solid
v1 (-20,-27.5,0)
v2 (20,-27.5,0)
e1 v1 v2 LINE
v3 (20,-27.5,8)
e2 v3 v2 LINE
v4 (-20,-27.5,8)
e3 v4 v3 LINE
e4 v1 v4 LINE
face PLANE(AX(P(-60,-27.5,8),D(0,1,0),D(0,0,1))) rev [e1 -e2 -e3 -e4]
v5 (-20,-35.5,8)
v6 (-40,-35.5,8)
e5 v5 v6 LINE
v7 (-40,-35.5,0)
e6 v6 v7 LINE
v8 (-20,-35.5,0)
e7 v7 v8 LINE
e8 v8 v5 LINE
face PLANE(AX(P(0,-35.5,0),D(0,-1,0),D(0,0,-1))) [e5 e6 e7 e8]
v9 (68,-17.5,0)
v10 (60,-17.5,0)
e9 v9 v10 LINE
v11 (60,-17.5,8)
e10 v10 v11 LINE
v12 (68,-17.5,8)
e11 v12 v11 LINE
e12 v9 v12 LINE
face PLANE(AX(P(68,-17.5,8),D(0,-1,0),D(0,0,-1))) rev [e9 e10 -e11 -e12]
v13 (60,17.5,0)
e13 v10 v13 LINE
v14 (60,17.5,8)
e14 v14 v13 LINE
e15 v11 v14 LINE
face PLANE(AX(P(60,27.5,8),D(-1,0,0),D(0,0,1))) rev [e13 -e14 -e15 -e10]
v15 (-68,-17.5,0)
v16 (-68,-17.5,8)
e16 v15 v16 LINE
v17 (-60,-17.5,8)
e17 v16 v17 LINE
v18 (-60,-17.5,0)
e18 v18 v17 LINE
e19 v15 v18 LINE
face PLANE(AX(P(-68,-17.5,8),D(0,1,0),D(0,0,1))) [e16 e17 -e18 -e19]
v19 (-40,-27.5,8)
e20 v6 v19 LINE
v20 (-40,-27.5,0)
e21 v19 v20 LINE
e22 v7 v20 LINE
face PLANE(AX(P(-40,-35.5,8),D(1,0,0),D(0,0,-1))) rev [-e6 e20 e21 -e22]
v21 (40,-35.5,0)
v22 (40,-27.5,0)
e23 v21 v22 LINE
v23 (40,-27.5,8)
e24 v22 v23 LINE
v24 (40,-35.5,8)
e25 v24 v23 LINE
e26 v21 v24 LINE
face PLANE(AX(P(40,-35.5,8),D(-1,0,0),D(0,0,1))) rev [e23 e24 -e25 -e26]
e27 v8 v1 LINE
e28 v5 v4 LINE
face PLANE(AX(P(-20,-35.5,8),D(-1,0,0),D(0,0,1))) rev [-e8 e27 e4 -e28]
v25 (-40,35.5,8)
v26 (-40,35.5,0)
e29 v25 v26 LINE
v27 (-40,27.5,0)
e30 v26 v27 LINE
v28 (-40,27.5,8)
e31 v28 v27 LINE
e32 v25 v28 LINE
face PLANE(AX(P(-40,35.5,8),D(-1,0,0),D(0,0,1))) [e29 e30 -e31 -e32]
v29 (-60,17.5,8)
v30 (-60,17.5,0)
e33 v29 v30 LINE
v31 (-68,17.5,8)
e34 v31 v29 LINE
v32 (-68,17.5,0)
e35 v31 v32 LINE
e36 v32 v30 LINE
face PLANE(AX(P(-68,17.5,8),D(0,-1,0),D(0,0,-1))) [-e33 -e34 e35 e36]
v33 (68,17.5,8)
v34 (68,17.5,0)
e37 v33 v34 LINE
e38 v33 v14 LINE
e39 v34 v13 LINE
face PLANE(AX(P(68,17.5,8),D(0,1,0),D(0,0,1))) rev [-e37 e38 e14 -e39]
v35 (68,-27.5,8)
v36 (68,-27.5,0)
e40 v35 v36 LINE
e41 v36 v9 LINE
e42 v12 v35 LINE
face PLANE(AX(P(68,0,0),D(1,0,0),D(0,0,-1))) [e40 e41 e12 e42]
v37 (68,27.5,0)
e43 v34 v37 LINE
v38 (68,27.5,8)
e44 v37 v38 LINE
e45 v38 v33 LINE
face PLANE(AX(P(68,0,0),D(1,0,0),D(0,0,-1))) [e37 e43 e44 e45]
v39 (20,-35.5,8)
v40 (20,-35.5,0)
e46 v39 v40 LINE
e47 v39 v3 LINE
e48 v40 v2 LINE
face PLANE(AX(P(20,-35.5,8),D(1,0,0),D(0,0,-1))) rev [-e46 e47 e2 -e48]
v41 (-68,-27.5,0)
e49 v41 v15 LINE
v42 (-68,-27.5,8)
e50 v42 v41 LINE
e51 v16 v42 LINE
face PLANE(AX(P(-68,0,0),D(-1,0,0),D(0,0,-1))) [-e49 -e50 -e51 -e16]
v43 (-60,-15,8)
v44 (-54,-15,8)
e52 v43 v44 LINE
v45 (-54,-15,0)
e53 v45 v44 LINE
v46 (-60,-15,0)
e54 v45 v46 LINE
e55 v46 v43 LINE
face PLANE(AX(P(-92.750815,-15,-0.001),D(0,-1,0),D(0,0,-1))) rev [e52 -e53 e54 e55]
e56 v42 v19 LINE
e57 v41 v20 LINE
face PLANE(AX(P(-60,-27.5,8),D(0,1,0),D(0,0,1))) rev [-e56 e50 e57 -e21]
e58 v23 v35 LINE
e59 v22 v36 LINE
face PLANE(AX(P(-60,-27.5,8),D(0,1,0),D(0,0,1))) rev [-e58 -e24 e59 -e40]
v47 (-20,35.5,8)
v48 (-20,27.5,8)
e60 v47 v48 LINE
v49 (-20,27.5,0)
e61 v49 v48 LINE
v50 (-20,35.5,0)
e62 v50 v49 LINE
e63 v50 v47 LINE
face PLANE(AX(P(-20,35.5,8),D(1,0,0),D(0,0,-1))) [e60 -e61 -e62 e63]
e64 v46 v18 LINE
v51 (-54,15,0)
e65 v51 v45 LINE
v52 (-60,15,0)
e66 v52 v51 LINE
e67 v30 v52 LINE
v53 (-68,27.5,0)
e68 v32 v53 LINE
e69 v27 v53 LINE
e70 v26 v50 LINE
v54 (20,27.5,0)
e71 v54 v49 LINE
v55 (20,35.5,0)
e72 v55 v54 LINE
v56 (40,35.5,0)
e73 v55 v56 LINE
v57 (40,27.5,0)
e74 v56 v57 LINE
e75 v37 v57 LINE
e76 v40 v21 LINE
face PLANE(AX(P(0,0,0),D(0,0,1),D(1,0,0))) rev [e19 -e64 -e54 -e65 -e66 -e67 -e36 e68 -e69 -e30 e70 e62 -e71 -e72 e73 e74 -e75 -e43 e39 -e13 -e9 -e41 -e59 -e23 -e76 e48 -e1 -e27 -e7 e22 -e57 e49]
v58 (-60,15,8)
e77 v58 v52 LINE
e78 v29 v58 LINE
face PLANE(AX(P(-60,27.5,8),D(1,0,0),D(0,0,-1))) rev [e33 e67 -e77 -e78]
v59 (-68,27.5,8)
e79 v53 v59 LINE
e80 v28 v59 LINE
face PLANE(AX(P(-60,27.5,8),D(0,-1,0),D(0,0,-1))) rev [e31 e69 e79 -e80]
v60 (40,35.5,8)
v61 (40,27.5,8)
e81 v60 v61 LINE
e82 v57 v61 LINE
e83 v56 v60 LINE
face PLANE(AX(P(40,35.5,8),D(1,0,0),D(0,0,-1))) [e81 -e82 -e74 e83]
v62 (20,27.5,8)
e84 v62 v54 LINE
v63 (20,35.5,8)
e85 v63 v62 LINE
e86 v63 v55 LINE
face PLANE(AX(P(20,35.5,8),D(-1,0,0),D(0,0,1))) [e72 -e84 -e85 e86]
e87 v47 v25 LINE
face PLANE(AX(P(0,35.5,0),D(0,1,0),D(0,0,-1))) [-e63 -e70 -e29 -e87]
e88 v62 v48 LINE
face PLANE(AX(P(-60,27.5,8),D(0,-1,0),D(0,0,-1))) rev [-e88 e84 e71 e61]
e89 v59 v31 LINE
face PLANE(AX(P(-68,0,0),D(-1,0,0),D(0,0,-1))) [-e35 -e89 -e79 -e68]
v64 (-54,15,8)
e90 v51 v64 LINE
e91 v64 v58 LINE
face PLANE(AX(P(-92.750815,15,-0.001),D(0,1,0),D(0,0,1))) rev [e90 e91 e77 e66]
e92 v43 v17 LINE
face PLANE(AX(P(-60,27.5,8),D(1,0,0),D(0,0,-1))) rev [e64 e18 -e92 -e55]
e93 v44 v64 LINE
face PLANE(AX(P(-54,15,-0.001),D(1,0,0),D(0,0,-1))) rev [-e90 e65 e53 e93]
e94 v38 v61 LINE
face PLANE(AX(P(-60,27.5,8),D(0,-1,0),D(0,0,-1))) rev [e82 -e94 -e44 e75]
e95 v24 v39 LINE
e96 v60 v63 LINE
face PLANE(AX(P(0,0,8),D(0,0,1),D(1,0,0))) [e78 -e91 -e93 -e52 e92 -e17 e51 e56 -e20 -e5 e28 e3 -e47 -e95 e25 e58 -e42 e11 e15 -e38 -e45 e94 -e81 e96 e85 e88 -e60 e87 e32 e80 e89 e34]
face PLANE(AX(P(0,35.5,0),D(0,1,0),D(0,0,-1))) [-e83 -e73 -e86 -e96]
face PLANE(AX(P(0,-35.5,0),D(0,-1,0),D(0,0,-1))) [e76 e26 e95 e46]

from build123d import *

# Parameters (mm, degrees)
SKETCH1_W           = 120
SKETCH1_H           = 55
BOSS_EXTRUDE1_DEPTH = 8
CUT_EXTRUDE1_REACH  = 68.485
SKETCH2_W           = 38.750815327
SKETCH2_H           = 30
SKETCH4_W           = 8
SKETCH4_H           = 10
BOSS_EXTRUDE3_DEPTH = 8
SKETCH6_W           = 20
SKETCH6_H           = 8
BOSS_EXTRUDE4_DEPTH = 8


with BuildPart() as part:
    # Sketch1 → Boss-Extrude1 (new body)
    with BuildSketch(Plane.XY):
        Rectangle(SKETCH1_W, SKETCH1_H)
    extrude(amount=BOSS_EXTRUDE1_DEPTH)

    # Sketch2 → Cut-Extrude1 (cut, up to next)
    with BuildSketch(Plane.XY.offset(8), mode=Mode.PRIVATE) as cut_extrude1_sk1:
        with Locations((-73.375407663, 0)):
            Rectangle(SKETCH2_W, SKETCH2_H)
    cut_extrude1_tool1 = extrude(cut_extrude1_sk1.sketch, amount=-CUT_EXTRUDE1_REACH, mode=Mode.PRIVATE) & part.part
    add(cut_extrude1_tool1.solids().sort_by_distance((-73.375408, 0, 8))[0], mode=Mode.SUBTRACT)

    # Sketch4 → Boss-Extrude3 (add)
    with BuildSketch(Plane(origin=(60, 0, 0), x_dir=(0, 0, -1), z_dir=(1, 0, 0))):
        with Locations((-4, 22.5)):
            Rectangle(SKETCH4_W, SKETCH4_H)
        with Locations((-4, -22.5)):
            Rectangle(SKETCH4_W, SKETCH4_H)
    boss_extrude3 = extrude(amount=BOSS_EXTRUDE3_DEPTH)

    # Sketch6 → Boss-Extrude4 (add)
    with BuildSketch(Plane.XZ.offset(27.5)):
        with Locations((-30, 4)):
            Rectangle(SKETCH6_W, SKETCH6_H)
        with Locations((30, 4)):
            Rectangle(SKETCH6_W, SKETCH6_H)
    boss_extrude4 = extrude(amount=BOSS_EXTRUDE4_DEPTH)

    # Mirror2: Boss-Extrude4 across plane
    add(boss_extrude4.mirror(Plane(origin=(0, 0, 0), x_dir=(0, 0, 1), z_dir=(0, -1, 0))))

    # Mirror3: Boss-Extrude3 across plane
    add(boss_extrude3.mirror(Plane.ZY))


solid = part.part
